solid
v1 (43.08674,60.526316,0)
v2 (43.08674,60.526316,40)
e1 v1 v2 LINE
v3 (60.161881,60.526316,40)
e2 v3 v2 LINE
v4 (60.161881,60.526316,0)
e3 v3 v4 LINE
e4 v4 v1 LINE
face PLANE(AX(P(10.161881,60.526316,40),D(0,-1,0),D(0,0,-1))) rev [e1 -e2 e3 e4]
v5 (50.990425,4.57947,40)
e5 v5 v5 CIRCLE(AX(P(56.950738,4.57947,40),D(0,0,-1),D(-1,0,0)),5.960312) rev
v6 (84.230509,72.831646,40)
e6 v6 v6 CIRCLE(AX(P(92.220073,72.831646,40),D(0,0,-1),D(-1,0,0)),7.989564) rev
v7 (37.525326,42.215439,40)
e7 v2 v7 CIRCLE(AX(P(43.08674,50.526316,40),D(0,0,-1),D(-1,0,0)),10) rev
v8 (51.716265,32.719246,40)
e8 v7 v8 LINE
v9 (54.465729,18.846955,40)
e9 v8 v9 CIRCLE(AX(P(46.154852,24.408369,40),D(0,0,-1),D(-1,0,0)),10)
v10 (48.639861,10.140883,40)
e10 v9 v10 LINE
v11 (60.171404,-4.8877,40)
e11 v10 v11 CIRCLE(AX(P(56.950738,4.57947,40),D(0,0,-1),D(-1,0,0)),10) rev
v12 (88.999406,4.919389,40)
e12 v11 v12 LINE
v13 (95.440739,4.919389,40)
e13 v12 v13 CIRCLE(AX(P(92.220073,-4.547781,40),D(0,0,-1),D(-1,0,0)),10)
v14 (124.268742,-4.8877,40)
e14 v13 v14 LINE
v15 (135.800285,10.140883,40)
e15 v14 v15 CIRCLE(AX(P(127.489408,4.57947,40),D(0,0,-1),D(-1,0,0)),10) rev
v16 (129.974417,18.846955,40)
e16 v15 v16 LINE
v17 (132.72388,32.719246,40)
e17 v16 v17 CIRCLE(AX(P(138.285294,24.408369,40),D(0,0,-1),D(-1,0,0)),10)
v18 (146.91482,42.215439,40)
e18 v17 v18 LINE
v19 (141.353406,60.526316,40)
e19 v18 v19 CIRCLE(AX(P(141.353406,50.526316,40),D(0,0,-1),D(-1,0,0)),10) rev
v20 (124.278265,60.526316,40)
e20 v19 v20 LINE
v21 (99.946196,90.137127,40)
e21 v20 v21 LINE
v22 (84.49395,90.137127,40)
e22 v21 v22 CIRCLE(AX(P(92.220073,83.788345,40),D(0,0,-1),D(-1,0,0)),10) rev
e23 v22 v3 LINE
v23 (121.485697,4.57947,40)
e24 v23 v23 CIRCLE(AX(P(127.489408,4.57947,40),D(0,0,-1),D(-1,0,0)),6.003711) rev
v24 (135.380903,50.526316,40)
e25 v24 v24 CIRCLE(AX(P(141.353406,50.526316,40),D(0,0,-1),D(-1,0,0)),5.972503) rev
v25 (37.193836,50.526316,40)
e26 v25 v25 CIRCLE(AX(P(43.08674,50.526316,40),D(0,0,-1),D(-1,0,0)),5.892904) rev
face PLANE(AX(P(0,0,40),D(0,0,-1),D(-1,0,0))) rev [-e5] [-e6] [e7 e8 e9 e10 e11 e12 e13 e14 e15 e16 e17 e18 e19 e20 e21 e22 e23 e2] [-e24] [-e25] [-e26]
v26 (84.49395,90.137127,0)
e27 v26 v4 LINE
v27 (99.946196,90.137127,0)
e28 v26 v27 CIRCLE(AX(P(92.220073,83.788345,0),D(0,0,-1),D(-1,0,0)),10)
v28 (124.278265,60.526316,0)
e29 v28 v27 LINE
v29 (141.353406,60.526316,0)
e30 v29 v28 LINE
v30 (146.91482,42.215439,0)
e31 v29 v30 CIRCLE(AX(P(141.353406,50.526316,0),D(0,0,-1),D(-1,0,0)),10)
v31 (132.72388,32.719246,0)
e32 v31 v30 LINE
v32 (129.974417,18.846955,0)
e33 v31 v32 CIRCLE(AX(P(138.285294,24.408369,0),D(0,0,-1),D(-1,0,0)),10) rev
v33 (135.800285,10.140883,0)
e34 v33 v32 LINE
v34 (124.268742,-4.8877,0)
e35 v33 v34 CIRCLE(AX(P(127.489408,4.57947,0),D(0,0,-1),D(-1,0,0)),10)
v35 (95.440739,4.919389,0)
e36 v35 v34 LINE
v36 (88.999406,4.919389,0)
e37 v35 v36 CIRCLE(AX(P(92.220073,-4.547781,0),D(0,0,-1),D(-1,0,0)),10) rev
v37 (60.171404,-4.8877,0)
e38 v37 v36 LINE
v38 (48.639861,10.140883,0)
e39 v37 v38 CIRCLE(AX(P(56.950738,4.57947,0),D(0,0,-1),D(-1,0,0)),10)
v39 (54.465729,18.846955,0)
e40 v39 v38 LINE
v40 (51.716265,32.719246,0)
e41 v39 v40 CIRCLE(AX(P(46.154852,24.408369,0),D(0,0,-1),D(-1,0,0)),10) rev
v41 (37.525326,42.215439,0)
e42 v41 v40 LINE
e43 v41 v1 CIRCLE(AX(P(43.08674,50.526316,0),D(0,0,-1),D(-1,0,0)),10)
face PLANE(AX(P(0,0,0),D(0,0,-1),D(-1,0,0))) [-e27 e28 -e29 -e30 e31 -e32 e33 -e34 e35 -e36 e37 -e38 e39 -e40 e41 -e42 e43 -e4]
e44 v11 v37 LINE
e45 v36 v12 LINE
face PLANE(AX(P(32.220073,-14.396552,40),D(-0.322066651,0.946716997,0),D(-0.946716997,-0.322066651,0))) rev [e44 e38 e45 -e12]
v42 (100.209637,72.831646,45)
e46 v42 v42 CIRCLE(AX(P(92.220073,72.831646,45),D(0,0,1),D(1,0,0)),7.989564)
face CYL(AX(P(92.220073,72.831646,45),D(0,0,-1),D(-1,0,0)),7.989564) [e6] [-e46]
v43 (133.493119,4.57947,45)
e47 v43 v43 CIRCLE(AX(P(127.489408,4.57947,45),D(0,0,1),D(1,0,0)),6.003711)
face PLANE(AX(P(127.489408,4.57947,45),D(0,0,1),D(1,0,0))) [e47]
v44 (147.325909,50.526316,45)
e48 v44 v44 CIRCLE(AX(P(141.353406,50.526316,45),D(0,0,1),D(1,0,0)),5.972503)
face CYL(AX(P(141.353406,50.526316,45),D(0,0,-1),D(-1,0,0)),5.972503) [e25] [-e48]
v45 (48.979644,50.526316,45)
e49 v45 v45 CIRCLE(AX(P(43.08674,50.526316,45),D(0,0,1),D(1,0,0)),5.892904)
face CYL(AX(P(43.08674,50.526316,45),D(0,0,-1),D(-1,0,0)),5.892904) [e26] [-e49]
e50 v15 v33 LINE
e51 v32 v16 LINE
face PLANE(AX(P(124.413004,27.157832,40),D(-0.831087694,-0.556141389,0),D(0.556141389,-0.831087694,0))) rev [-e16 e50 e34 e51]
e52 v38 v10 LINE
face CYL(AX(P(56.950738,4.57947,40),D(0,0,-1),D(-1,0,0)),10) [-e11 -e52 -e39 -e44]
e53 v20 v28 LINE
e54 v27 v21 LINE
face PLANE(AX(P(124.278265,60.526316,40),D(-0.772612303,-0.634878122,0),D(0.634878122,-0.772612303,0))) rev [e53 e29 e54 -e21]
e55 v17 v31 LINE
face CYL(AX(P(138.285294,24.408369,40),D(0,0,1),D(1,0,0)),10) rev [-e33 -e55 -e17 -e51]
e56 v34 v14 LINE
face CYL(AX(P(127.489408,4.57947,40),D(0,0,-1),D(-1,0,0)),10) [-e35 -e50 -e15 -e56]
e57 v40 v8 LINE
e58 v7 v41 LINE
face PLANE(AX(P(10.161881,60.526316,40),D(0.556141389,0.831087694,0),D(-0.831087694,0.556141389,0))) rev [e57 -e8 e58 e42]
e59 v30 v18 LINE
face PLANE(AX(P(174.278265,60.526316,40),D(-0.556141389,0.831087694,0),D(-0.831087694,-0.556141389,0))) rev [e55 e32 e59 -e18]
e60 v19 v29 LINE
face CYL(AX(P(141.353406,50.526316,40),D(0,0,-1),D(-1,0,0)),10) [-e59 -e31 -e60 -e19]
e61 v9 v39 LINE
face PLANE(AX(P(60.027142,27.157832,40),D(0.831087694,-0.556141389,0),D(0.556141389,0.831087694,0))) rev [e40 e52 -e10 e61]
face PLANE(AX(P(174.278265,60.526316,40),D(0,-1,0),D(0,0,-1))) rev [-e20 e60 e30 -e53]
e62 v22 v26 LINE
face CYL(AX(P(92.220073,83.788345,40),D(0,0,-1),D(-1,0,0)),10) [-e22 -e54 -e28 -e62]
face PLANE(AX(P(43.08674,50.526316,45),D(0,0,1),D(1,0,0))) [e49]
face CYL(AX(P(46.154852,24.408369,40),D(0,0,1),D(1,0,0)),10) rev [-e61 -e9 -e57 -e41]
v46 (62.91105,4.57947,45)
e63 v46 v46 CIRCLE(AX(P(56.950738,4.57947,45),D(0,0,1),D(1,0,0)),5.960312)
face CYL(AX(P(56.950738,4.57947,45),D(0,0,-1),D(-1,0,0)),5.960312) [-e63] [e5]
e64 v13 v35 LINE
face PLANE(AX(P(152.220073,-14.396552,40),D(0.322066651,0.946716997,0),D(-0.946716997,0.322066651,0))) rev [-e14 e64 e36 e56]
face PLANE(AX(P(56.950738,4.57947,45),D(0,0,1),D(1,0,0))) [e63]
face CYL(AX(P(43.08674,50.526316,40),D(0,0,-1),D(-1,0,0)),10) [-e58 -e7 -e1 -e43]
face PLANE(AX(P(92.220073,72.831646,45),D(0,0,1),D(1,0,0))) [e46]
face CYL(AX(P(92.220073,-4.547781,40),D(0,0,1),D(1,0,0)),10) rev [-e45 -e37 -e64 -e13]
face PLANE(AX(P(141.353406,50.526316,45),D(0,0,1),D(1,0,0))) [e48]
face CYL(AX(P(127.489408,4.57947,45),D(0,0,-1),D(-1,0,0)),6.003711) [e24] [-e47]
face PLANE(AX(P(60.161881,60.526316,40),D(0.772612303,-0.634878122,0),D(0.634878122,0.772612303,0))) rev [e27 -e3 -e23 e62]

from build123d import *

# Parameters (mm, degrees)
BOSS_EXTRUDE1_DEPTH = 40
FILLET1_R           = 10
SKETCH3_R           = 7.989564155
SKETCH3_R_2         = 5.892903955
SKETCH3_R_3         = 5.960312231
SKETCH3_R_4         = 6.003710983
SKETCH3_R_5         = 5.972502613
BOSS_EXTRUDE2_DEPTH = 5


with BuildPart() as part:
    # Sketch2 → Boss-Extrude1 (new body)
    with BuildSketch(Plane.XY):
        Polygon((10.161880784, 60.526315789), (60.161880784, 60.526315789), (92.220072964, 99.539400074), (124.278265144, 60.526315789), (174.278265144, 60.526315789), (124.413003502, 27.157832435), (152.220072964, -14.396552267), (92.220072964, 6.015037594), (32.220072964, -14.396552267), (60.027142426, 27.157832435), align=None)
    extrude(amount=BOSS_EXTRUDE1_DEPTH)

    # Fillet1
    fillet1_edges = [part.edges().sort_by_distance(p)[0] for p in [
        (10.161880784, 60.526315789, 20),
        (92.220072964, 99.539400074, 20),
        (174.278265144, 60.526315789, 20),
        (124.413003502, 27.157832435, 20),
        (152.220072964, -14.396552267, 20),
        (92.220072964, 6.015037594, 20),
        (32.220072964, -14.396552267, 20),
        (60.027142426, 27.157832435, 20),
    ]]
    fillet(fillet1_edges, radius=FILLET1_R)

    # Sketch3 → Boss-Extrude2 (add)
    with BuildSketch(Plane.XY.offset(40)):
        with Locations((92.220072964, 72.831646457)):
            Circle(SKETCH3_R)
        with Locations((43.086739991, 50.526315789)):
            Circle(SKETCH3_R_2)
        with Locations((56.950737692, 4.579469525)):
            Circle(SKETCH3_R_3)
        with Locations((127.489408235, 4.579469525)):
            Circle(SKETCH3_R_4)
        with Locations((141.353405936, 50.526315789)):
            Circle(SKETCH3_R_5)
    extrude(amount=BOSS_EXTRUDE2_DEPTH)


solid = part.part
